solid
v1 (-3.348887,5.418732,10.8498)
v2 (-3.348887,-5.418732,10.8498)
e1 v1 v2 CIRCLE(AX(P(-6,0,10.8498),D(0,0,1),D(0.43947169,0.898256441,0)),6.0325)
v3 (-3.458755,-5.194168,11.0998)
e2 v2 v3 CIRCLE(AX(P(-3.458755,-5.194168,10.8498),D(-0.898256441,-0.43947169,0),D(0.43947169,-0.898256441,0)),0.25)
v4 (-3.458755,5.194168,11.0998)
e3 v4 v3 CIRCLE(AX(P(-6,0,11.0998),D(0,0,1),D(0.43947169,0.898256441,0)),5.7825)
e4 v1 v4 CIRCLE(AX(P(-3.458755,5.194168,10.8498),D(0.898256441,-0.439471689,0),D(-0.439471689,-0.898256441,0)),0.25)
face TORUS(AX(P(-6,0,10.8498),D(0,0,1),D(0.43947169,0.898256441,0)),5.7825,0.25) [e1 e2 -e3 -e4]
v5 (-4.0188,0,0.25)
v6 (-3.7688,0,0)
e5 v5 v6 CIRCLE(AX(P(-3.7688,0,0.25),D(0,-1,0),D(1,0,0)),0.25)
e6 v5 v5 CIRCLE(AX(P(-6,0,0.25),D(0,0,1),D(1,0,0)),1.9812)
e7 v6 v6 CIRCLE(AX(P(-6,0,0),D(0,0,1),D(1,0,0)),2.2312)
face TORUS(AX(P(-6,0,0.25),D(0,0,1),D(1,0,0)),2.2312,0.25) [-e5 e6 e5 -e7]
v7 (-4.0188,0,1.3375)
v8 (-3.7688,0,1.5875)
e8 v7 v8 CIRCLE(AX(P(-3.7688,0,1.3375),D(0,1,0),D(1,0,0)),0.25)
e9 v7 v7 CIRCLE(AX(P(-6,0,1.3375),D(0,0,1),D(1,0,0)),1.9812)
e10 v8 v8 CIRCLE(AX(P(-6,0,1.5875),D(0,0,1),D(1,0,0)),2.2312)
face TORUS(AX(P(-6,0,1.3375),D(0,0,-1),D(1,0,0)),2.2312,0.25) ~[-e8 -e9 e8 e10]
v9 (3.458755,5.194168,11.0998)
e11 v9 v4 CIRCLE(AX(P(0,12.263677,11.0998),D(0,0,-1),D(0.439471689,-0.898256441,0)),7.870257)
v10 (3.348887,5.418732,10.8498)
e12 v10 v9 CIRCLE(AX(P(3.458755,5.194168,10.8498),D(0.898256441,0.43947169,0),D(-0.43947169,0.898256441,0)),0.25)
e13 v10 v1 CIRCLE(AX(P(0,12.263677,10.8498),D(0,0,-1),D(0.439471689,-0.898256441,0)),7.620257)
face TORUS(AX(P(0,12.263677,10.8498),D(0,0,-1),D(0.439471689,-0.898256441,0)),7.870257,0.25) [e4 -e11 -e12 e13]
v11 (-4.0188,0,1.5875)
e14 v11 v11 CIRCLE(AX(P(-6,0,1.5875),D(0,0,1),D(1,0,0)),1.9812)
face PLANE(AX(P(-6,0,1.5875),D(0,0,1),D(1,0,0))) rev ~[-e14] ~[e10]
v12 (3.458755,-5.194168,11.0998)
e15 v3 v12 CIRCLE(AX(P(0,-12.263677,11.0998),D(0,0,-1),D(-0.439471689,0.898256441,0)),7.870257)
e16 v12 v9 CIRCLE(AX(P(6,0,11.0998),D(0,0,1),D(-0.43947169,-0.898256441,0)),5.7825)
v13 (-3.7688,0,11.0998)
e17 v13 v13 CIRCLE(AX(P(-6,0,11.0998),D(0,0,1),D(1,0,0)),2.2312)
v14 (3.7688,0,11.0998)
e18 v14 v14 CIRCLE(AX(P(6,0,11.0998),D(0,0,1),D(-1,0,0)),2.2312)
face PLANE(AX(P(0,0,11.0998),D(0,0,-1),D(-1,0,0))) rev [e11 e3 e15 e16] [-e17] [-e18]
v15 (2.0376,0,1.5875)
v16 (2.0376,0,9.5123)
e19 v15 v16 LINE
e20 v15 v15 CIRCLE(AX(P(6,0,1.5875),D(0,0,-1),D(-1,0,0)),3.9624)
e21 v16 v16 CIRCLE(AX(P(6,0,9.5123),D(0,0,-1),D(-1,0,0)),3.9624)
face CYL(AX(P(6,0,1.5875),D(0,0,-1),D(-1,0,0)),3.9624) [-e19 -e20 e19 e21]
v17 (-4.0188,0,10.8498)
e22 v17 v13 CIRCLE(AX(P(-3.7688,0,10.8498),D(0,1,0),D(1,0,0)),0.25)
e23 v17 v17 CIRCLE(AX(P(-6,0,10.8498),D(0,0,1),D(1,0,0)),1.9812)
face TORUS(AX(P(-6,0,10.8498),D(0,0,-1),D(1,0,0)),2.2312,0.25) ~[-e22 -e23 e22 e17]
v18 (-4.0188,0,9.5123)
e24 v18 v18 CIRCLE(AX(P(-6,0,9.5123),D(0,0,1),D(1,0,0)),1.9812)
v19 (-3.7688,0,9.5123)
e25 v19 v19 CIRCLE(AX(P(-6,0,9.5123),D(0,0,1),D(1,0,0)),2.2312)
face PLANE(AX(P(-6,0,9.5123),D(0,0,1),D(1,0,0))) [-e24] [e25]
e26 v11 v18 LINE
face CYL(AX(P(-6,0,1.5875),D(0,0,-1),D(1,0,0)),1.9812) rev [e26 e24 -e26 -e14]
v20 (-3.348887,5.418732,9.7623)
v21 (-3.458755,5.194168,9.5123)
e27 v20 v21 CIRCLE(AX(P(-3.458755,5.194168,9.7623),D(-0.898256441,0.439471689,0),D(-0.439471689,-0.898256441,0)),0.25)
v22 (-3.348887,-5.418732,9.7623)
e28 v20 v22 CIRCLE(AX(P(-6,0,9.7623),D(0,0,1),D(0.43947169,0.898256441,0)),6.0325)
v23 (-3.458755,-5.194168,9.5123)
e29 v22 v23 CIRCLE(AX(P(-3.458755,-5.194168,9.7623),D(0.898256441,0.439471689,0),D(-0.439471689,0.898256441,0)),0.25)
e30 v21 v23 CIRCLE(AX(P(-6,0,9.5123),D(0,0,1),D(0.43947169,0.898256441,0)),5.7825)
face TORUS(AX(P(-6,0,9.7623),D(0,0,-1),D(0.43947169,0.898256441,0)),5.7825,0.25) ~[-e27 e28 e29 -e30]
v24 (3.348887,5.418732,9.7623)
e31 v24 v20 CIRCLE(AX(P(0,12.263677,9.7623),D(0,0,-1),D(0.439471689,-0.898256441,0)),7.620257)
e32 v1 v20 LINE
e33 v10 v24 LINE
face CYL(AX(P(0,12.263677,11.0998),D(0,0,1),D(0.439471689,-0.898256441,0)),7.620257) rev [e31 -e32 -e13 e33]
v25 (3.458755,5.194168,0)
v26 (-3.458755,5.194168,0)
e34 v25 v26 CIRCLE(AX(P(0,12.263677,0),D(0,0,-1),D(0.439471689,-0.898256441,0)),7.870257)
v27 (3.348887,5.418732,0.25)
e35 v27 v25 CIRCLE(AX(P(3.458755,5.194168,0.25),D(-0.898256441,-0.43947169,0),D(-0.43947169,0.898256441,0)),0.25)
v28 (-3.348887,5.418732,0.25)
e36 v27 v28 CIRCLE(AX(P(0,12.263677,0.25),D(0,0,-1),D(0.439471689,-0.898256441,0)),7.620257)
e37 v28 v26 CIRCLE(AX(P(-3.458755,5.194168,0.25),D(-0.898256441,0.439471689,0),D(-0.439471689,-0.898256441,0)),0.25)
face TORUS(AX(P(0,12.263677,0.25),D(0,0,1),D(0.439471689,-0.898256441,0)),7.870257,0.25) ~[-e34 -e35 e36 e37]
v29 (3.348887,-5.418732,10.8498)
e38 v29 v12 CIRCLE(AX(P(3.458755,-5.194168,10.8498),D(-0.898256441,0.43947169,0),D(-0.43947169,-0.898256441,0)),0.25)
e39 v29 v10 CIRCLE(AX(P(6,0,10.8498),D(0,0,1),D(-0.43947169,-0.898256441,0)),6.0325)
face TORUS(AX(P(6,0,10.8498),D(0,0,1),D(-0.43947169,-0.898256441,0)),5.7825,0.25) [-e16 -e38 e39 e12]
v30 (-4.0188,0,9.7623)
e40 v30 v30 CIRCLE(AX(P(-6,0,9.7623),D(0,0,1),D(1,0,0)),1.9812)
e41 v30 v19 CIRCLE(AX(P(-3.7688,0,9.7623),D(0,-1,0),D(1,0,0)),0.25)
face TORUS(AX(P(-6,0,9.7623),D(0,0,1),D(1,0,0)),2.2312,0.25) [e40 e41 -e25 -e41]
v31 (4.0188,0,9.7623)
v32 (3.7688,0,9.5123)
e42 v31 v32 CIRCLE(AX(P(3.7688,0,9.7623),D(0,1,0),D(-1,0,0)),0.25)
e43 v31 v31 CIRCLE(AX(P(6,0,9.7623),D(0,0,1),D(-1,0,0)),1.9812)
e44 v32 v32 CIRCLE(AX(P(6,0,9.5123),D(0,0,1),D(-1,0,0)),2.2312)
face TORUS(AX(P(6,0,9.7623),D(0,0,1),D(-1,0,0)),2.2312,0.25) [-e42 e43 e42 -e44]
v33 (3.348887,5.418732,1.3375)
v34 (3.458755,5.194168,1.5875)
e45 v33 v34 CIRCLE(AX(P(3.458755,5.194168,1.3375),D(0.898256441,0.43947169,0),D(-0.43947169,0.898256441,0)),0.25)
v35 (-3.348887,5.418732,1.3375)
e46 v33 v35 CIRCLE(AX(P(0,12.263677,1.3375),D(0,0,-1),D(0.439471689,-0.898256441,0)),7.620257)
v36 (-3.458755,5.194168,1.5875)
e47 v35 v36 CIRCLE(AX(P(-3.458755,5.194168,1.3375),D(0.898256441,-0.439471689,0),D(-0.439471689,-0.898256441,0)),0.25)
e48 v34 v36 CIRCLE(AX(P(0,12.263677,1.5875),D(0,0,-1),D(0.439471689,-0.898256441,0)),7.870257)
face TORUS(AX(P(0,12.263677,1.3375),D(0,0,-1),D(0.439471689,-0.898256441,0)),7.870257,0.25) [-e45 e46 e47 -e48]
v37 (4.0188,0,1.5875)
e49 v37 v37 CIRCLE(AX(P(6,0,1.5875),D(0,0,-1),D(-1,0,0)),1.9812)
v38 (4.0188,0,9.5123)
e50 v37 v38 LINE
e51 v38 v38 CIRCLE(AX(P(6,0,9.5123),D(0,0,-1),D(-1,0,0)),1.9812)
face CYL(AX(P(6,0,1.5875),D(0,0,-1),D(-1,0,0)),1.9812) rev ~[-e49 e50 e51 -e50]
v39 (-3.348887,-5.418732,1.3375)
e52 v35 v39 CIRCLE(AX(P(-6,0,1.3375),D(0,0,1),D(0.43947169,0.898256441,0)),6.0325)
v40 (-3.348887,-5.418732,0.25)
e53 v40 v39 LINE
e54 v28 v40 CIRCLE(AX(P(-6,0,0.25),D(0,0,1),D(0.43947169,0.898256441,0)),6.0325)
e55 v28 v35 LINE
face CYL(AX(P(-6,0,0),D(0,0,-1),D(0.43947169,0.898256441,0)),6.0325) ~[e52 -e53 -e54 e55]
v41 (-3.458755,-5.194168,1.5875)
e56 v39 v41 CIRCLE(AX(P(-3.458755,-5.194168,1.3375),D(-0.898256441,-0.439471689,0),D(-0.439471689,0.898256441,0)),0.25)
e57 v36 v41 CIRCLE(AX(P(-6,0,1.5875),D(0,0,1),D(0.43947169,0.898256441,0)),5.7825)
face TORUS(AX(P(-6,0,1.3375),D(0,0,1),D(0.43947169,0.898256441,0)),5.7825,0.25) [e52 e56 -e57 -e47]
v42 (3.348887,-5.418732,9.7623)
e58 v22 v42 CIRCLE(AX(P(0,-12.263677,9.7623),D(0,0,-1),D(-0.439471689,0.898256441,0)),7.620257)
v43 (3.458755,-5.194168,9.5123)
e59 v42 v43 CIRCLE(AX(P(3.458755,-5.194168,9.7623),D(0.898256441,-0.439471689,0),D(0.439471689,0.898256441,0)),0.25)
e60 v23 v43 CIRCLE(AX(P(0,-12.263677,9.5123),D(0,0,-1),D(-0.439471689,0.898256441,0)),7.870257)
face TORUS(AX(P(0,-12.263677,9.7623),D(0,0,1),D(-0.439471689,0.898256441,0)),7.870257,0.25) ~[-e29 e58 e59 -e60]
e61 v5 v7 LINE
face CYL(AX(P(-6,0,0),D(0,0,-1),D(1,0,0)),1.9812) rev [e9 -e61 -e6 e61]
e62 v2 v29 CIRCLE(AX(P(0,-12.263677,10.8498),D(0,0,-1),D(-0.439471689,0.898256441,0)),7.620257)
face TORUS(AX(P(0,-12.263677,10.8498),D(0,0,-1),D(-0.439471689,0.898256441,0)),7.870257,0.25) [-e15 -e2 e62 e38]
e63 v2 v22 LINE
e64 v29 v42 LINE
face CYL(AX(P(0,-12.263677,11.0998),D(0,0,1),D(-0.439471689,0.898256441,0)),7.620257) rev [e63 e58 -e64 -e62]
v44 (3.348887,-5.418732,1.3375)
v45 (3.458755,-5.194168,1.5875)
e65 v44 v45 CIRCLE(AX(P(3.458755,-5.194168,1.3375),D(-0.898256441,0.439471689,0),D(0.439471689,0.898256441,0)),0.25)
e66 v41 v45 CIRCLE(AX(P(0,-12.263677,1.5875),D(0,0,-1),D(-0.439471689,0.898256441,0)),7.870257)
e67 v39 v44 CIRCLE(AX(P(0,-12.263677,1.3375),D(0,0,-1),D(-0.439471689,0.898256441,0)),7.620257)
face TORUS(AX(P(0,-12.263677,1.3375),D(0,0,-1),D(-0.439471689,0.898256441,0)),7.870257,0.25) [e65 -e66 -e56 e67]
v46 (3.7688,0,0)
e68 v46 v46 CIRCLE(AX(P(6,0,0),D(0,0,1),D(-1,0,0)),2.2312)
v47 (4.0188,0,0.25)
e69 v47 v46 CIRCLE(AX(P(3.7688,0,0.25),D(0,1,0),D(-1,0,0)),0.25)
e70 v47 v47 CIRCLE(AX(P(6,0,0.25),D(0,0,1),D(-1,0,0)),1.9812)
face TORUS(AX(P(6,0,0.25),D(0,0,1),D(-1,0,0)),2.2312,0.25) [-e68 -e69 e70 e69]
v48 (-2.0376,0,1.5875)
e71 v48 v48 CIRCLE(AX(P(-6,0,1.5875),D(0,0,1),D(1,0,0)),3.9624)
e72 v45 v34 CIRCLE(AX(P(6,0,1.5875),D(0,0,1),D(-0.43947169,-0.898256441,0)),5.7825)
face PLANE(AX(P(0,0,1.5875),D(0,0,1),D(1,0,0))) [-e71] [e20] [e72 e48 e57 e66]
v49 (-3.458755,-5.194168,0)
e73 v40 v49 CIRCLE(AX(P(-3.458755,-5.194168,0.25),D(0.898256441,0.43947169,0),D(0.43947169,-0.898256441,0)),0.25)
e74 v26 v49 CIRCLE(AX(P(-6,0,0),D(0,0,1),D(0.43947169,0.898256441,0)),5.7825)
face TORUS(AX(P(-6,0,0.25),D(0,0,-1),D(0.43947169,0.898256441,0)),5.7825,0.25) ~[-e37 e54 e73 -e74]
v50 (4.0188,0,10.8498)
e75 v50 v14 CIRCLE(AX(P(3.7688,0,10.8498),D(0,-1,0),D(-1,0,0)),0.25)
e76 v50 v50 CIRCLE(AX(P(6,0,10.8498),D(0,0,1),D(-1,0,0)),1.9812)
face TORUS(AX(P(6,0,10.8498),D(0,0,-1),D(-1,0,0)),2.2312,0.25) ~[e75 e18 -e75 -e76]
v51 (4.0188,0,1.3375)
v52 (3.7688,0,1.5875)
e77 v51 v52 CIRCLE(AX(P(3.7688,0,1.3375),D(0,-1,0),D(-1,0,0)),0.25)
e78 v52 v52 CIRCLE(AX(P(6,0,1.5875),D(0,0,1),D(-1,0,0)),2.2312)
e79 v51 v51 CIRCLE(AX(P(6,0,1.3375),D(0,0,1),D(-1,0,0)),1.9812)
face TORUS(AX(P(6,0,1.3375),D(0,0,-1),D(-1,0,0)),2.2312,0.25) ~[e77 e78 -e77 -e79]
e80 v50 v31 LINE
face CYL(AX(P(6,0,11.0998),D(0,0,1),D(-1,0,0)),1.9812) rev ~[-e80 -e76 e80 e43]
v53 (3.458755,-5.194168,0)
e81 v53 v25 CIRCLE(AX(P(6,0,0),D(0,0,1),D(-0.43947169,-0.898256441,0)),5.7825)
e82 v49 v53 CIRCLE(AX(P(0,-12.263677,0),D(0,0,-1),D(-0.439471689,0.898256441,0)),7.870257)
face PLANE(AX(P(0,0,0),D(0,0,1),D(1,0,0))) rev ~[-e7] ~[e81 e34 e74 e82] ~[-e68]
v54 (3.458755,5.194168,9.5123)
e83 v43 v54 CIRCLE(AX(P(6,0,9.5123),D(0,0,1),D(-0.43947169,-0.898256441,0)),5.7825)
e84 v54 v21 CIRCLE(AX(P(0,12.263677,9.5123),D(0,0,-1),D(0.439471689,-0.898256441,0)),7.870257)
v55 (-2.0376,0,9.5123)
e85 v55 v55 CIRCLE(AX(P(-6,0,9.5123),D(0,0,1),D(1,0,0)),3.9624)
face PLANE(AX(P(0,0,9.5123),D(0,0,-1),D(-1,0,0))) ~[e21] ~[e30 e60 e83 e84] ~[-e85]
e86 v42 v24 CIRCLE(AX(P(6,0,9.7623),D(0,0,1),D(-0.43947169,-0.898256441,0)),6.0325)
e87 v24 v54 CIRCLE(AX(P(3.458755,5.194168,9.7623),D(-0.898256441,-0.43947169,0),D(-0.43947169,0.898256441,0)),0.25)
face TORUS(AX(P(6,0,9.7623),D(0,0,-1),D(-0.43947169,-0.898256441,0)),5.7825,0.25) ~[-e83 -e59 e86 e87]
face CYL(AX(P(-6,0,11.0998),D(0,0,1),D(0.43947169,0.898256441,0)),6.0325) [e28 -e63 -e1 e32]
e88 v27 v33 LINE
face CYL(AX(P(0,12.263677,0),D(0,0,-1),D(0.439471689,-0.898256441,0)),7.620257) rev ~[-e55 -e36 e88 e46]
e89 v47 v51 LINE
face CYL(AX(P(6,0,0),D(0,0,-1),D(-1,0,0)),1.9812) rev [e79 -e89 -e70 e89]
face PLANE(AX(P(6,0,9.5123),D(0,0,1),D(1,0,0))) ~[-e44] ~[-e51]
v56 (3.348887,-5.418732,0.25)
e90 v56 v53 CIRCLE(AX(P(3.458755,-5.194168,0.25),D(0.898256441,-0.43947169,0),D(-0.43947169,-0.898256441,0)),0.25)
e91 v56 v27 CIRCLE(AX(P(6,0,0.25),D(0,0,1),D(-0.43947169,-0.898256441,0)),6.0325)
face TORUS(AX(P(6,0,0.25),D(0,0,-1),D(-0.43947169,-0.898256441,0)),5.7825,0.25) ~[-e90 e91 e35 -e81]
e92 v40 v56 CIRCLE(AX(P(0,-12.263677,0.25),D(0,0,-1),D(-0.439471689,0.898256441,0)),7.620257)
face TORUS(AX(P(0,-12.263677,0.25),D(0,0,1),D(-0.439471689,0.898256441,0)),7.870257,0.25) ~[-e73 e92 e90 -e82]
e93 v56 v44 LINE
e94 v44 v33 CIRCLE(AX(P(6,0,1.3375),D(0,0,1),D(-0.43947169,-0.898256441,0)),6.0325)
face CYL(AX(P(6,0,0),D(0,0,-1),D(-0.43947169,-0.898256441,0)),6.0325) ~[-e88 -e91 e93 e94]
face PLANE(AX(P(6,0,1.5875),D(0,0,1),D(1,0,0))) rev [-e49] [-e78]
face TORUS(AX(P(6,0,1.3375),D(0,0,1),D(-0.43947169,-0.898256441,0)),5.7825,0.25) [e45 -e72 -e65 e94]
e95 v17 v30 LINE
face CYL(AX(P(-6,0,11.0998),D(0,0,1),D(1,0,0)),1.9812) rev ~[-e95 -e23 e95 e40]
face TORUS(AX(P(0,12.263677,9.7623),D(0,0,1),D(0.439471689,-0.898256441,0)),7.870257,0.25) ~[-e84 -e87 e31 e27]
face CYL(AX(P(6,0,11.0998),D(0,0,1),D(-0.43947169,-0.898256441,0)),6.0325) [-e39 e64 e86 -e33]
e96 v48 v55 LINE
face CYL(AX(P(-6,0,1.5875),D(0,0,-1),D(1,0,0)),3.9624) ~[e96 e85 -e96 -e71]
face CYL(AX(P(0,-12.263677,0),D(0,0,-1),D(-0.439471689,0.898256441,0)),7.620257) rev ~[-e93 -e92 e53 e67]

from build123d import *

# Parameters (mm, degrees)
ESQUISSE1_R        = 1.9812
BOSS_EXTRU_1_DEPTH = 1.5875
CONG_1_R           = 0.25
ESQUISSE3_R        = 3.9624
ESQUISSE3_R_2      = 1.9812
BOSS_EXTRU_2_DEPTH = 7.9248


with BuildPart() as part:
    # Esquisse1 → Boss.-Extru.1 (new body)
    with BuildSketch(Plane.XY):
        with BuildLine():
            ThreePointArc((-3.348887033, 5.418731981), (-12.0325, 0), (-3.348887033, -5.418731981))
            ThreePointArc((-3.348887033, -5.418731981), (0, -4.643419958), (3.348887033, -5.418731981))
            ThreePointArc((3.348887033, -5.418731981), (12.0325, 0), (3.348887033, 5.418731981))
            ThreePointArc((3.348887033, 5.418731981), (0, 4.643419958), (-3.348887033, 5.418731981))
        make_face()
        with Locations((-6, 0)):
            Circle(ESQUISSE1_R, mode=Mode.SUBTRACT)
        with Locations(Location((6, 0, 0), (0, 0, 180))):
            Circle(ESQUISSE1_R, mode=Mode.SUBTRACT)
    extrude(amount=BOSS_EXTRU_1_DEPTH)

    # Congé1
    cong_1_edges = [part.edges().sort_by_distance(p)[0] for p in [
        (-7.9812, 0, 0),
        (-7.9812, 0, 1.5875),
        (0, -4.643419958, 1.5875),
        (7.9812, 0, 0),
        (7.9812, 0, 1.5875),
        (12.0325, 0, 1.5875),
        (0, 4.643419958, 1.5875),
        (12.0325, 0, 0),
        (0, -4.643419958, 0),
        (-12.0325, 0, 0),
        (0, 4.643419958, 0),
        (-12.0325, 0, 1.5875),
    ]]
    fillet(cong_1_edges, radius=CONG_1_R)

    # Esquisse3 → Boss.-Extru.2 (add)
    with BuildSketch(Plane.XY.offset(1.5875)):
        with Locations((-6, 0)):
            Circle(ESQUISSE3_R)
        with Locations((-6, 0)):
            Circle(ESQUISSE3_R_2, mode=Mode.SUBTRACT)
    boss_extru_2 = extrude(amount=BOSS_EXTRU_2_DEPTH)

    # Symétrie1: Boss.-Extru.2 across plane
    add(boss_extru_2.mirror(Plane(origin=(0, 0, 0), x_dir=(0, 0, 1), z_dir=(1, 0, 0))))

    # Symétrie3: part across plane


with BuildPart() as part_1:
    add(part.part)
    add(part.part.mirror(Plane.XY.offset(5.5499)))


solid = part_1.part
